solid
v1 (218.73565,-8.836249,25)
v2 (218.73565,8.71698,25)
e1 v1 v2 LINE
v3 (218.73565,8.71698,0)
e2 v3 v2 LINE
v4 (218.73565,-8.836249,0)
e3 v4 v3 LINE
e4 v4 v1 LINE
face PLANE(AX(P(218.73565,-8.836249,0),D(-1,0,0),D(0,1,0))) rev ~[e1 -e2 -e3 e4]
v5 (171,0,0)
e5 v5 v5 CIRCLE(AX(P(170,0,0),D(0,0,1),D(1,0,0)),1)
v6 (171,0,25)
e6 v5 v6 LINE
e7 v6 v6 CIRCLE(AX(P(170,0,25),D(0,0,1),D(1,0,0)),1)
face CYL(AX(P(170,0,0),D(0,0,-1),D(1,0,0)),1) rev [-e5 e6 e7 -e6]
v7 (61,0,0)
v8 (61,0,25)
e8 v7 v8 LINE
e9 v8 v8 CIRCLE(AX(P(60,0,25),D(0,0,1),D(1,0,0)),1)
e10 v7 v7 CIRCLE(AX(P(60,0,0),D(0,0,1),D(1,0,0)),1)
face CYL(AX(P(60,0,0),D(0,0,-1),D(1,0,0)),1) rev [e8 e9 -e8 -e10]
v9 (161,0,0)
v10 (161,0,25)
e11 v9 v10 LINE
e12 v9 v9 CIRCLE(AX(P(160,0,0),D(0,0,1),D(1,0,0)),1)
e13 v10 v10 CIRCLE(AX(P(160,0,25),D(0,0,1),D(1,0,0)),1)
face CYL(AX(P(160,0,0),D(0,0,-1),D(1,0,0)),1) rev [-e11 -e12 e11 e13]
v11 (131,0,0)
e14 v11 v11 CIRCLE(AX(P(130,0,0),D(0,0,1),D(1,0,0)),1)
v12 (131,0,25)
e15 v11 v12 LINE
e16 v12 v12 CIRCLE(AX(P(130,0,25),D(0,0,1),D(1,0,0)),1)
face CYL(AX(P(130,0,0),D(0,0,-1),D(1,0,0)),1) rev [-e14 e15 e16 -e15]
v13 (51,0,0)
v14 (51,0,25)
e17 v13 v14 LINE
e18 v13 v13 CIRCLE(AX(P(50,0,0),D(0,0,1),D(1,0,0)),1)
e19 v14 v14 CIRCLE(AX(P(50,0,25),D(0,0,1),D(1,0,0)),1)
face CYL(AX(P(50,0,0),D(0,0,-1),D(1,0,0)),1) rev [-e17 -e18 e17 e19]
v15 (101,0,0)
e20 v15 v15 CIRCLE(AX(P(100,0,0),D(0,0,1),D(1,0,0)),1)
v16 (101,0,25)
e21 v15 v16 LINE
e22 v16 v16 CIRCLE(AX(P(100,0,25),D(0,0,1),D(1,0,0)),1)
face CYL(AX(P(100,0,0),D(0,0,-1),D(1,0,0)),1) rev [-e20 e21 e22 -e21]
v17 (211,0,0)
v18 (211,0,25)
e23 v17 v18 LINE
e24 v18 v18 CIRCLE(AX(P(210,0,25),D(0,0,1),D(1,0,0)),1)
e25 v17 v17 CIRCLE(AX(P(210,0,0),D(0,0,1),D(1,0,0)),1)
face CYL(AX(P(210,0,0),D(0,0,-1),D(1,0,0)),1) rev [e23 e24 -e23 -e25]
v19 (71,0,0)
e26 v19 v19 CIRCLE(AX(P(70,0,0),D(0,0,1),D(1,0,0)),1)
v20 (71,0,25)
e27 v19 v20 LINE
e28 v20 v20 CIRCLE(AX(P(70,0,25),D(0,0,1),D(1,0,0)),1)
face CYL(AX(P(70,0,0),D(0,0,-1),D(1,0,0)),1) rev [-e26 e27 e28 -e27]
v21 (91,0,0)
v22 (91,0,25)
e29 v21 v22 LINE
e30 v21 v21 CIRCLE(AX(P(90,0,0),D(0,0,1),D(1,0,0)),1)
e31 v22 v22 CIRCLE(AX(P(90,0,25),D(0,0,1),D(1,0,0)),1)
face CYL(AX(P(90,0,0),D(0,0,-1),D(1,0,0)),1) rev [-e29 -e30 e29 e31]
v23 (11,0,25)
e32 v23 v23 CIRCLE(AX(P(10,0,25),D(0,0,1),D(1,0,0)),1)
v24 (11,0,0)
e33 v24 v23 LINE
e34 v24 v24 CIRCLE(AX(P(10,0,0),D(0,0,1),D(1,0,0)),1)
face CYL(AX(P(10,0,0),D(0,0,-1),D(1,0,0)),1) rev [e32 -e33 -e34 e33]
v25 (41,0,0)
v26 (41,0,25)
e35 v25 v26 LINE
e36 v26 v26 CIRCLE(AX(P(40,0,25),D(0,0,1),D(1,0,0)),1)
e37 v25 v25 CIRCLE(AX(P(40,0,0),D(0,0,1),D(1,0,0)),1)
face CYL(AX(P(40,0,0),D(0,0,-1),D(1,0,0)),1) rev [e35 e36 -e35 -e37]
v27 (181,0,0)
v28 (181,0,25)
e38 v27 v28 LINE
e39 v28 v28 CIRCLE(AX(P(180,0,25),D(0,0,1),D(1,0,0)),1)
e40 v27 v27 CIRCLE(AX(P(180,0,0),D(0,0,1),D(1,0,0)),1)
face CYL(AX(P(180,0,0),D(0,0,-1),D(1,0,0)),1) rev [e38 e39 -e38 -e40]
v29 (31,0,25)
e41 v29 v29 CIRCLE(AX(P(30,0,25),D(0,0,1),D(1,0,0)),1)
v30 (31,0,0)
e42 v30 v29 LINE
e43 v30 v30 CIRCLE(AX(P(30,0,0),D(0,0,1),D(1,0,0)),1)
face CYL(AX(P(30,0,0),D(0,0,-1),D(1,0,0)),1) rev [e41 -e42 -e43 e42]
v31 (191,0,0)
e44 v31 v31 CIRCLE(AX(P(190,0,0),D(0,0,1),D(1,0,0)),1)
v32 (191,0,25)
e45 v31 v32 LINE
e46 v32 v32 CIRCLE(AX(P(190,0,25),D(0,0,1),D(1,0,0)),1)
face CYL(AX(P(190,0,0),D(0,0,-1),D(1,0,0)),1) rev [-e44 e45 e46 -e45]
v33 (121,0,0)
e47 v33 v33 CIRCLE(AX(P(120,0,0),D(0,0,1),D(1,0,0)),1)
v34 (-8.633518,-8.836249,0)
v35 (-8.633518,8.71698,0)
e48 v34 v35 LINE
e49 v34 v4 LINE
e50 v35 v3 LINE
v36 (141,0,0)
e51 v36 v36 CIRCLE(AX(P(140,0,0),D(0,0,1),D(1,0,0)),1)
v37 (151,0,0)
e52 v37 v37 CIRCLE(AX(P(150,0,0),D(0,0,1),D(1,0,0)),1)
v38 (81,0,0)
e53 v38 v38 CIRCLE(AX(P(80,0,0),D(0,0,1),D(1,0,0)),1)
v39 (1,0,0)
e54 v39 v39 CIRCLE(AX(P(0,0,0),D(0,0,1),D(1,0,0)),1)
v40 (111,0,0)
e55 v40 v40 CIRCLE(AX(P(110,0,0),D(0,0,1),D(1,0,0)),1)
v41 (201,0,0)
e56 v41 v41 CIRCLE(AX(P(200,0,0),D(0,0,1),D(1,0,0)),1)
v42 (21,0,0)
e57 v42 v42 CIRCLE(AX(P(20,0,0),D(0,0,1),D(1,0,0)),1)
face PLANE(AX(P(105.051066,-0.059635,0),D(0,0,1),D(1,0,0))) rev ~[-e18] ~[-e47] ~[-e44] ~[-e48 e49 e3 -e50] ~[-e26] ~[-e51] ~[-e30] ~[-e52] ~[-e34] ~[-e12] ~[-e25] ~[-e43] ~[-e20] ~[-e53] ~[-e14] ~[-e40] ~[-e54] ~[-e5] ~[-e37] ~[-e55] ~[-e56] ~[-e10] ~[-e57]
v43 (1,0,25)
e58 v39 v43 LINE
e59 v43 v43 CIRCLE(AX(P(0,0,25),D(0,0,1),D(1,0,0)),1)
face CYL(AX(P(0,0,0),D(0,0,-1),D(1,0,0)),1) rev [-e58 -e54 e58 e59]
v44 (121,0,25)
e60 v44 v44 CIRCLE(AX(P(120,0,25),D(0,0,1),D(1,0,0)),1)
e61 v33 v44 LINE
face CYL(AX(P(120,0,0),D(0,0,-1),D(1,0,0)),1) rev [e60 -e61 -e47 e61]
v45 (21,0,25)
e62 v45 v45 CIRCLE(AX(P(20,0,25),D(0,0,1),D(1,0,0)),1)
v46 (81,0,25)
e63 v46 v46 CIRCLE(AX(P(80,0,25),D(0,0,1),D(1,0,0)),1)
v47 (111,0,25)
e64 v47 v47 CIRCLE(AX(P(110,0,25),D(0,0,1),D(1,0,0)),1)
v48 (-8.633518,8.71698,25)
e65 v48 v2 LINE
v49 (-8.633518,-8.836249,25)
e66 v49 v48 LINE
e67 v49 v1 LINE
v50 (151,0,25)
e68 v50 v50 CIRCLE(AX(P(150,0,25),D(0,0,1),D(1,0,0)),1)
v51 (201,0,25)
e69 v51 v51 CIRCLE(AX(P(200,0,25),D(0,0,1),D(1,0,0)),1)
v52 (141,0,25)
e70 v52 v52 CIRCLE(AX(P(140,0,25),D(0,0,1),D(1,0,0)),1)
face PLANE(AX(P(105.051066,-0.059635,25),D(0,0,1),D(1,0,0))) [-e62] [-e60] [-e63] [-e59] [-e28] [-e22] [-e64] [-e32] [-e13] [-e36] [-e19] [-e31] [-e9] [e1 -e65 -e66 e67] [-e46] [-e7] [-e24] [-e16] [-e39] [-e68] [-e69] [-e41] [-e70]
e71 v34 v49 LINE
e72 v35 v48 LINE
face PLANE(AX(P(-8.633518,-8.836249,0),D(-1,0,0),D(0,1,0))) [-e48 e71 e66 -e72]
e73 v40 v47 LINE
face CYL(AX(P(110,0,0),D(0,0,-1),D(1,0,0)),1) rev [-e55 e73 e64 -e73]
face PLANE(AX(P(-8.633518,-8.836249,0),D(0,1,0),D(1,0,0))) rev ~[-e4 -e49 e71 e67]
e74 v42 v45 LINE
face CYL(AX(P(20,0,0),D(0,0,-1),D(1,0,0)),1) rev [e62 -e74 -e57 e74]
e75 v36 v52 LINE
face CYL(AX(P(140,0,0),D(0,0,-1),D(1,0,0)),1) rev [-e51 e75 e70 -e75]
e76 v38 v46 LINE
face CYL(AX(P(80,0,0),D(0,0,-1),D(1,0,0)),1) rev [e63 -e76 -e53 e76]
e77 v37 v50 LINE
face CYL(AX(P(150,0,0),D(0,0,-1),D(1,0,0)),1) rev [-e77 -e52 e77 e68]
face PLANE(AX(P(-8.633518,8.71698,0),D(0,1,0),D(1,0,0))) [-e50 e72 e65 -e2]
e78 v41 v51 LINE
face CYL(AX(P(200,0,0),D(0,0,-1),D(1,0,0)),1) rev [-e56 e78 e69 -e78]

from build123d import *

# Parameters (mm, degrees)
F0_W     = 227.369168
F0_H     = 17.553229
F0_R     = 1
F1_DEPTH = 25


with BuildPart() as f1:
    # F0 (on Top) → F1 (new body)
    with BuildSketch(Plane.XY):
        with Locations((105.051066, -0.059635)):
            Rectangle(F0_W, F0_H)
        Circle(F0_R, mode=Mode.SUBTRACT)
        with Locations((10, 0)):
            Circle(F0_R, mode=Mode.SUBTRACT)
        with Locations((20, 0)):
            Circle(F0_R, mode=Mode.SUBTRACT)
        with Locations((30, 0)):
            Circle(F0_R, mode=Mode.SUBTRACT)
        with Locations((40, 0)):
            Circle(F0_R, mode=Mode.SUBTRACT)
        with Locations((50, 0)):
            Circle(F0_R, mode=Mode.SUBTRACT)
        with Locations((60, 0)):
            Circle(F0_R, mode=Mode.SUBTRACT)
        with Locations((70, 0)):
            Circle(F0_R, mode=Mode.SUBTRACT)
        with Locations((80, 0)):
            Circle(F0_R, mode=Mode.SUBTRACT)
        with Locations((90, 0)):
            Circle(F0_R, mode=Mode.SUBTRACT)
        with Locations((100, 0)):
            Circle(F0_R, mode=Mode.SUBTRACT)
        with Locations((110, 0)):
            Circle(F0_R, mode=Mode.SUBTRACT)
        with Locations((120, 0)):
            Circle(F0_R, mode=Mode.SUBTRACT)
        with Locations((130, 0)):
            Circle(F0_R, mode=Mode.SUBTRACT)
        with Locations((140, 0)):
            Circle(F0_R, mode=Mode.SUBTRACT)
        with Locations((150, 0)):
            Circle(F0_R, mode=Mode.SUBTRACT)
        with Locations((160, 0)):
            Circle(F0_R, mode=Mode.SUBTRACT)
        with Locations((170, 0)):
            Circle(F0_R, mode=Mode.SUBTRACT)
        with Locations((180, 0)):
            Circle(F0_R, mode=Mode.SUBTRACT)
        with Locations((190, 0)):
            Circle(F0_R, mode=Mode.SUBTRACT)
        with Locations((200, 0)):
            Circle(F0_R, mode=Mode.SUBTRACT)
        with Locations((210, 0)):
            Circle(F0_R, mode=Mode.SUBTRACT)
    extrude(amount=F1_DEPTH)


solid = f1.part
